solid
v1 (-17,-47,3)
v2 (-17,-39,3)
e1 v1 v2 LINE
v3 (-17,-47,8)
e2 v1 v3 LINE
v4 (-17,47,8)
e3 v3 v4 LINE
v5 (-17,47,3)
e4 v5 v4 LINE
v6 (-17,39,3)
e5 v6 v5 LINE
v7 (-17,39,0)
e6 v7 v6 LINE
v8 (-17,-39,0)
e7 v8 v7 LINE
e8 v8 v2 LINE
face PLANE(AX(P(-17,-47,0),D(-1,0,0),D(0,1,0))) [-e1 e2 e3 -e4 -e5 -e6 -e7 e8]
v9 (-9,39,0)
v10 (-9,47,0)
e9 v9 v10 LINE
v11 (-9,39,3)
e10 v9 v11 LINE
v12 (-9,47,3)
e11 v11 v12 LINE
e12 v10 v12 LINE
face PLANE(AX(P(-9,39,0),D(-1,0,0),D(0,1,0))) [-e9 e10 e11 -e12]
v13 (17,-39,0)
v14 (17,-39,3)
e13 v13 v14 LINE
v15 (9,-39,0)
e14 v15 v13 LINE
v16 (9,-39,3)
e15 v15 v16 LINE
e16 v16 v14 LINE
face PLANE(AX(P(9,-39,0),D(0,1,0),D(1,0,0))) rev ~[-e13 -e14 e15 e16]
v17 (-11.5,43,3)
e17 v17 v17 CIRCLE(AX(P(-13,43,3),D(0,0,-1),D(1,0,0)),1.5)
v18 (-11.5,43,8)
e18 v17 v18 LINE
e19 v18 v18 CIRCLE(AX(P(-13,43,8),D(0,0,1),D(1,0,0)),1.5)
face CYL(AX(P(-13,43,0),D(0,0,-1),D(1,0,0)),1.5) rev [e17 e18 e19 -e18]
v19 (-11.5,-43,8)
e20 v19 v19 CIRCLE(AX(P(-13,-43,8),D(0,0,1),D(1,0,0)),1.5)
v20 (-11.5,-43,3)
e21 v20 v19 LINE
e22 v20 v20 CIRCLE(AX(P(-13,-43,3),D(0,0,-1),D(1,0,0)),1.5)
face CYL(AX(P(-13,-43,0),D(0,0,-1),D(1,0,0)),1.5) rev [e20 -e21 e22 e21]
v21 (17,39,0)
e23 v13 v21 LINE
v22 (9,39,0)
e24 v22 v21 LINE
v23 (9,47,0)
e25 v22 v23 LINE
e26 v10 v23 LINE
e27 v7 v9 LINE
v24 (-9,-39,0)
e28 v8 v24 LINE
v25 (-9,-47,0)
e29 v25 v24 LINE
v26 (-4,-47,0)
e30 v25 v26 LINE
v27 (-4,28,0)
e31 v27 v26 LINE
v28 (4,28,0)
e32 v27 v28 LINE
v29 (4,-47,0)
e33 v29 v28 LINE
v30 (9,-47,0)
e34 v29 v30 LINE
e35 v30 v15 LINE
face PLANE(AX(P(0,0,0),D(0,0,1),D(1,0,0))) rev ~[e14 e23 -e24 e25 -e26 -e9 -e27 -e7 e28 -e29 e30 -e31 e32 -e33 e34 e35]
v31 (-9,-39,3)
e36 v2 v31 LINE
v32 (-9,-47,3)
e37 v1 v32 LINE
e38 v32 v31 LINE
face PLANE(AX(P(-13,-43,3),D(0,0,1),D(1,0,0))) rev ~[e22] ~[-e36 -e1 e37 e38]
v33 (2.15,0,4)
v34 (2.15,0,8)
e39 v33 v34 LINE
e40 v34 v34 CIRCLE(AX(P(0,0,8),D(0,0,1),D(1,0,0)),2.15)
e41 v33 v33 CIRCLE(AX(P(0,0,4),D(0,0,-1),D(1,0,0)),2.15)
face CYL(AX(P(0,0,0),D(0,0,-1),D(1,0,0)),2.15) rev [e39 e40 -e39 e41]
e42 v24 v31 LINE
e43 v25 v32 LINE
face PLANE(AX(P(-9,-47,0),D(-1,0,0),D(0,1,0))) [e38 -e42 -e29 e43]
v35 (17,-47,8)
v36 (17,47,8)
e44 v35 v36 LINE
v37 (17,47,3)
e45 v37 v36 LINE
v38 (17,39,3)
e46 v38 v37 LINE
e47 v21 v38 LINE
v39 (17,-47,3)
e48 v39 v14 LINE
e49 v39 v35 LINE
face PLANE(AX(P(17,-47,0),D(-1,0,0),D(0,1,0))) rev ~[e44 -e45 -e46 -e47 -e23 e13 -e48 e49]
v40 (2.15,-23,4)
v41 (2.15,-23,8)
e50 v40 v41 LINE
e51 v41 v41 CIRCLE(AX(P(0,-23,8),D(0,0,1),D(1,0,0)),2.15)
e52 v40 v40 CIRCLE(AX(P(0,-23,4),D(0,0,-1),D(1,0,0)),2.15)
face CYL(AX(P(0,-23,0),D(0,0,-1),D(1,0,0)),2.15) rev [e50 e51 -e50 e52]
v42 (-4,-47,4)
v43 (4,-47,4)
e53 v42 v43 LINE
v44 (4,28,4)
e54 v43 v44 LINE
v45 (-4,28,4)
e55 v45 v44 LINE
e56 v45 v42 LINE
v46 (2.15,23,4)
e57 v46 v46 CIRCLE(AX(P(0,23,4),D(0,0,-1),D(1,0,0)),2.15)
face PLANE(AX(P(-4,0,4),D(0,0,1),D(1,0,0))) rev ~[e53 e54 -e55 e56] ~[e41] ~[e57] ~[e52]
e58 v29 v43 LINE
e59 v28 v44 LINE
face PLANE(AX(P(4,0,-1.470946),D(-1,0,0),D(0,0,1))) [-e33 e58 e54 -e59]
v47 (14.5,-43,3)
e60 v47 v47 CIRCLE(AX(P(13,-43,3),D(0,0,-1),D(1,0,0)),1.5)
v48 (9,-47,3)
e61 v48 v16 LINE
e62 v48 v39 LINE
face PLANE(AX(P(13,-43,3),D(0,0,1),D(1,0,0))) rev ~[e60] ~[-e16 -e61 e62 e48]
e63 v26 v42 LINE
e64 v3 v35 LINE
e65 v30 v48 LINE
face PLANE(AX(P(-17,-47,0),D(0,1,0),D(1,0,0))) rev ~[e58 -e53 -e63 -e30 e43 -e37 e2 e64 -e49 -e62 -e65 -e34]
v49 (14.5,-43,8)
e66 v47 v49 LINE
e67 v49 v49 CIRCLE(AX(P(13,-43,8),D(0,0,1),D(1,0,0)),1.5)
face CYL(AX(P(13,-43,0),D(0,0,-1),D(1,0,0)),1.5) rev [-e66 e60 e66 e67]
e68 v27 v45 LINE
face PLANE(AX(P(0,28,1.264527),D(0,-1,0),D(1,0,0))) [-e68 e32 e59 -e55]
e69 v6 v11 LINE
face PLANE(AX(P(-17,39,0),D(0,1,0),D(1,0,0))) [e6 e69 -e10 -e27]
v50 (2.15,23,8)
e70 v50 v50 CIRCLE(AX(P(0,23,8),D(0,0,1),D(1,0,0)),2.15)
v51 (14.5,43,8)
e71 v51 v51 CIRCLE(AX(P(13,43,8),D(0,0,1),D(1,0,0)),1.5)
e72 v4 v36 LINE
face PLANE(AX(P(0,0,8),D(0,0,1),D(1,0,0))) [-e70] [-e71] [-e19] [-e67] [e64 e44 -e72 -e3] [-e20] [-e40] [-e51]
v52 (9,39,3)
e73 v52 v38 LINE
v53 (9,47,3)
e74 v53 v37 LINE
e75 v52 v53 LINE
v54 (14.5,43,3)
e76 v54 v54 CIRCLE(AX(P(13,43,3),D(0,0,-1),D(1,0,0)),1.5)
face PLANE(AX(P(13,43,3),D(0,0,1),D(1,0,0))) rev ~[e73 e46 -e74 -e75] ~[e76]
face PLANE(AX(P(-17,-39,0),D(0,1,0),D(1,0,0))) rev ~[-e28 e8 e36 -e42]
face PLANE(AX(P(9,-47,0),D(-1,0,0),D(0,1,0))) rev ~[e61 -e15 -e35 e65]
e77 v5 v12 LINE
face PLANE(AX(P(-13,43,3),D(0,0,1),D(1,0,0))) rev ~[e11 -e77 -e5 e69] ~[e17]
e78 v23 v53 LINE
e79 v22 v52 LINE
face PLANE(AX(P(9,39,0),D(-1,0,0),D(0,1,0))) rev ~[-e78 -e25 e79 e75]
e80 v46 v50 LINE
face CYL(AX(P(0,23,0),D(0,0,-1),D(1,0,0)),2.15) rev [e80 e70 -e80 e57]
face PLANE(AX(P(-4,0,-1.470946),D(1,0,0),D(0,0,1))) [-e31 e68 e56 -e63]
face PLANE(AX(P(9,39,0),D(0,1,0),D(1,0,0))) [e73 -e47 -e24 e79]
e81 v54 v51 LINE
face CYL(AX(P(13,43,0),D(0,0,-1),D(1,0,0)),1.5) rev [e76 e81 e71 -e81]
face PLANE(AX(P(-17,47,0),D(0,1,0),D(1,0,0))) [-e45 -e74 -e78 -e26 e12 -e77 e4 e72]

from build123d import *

# Parameters (mm, degrees)
F0_W          = 34
F0_H          = 94
F0_R          = 1.5
F0_R_2        = 2.15
F1_DEPTH      = 8
F2_W          = 8
F2_H          = 8
F3_DEPTH      = 3
F4_W          = 8
F4_H          = 5.470946
F5_DEPTH      = 100
F5_DEPTH_BACK = 28


with BuildPart() as f1:
    # F0 (on Top) → F1 (new body)
    with BuildSketch(Plane.XY):
        Rectangle(F0_W, F0_H)
        with Locations((-13, -43)):
            Circle(F0_R, mode=Mode.SUBTRACT)
        with Locations((13, -43)):
            Circle(F0_R, mode=Mode.SUBTRACT)
        with Locations((0, -23)):
            Circle(F0_R_2, mode=Mode.SUBTRACT)
        with Locations((-13, 43)):
            Circle(F0_R, mode=Mode.SUBTRACT)
        Circle(F0_R_2, mode=Mode.SUBTRACT)
        with Locations((0, 23)):
            Circle(F0_R_2, mode=Mode.SUBTRACT)
        with Locations((13, 43)):
            Circle(F0_R, mode=Mode.SUBTRACT)
    extrude(amount=F1_DEPTH)

    # F2 (on Top) → F3 (cut)
    with BuildSketch(Plane.XY):
        with Locations((-13, 43)):
            Rectangle(F2_W, F2_H)
        with Locations((13, 43)):
            Rectangle(F2_W, F2_H)
        with Locations((-13, -43)):
            Rectangle(F2_W, F2_H)
        with Locations((13, -43)):
            Rectangle(F2_W, F2_H)
    extrude(amount=F3_DEPTH, mode=Mode.SUBTRACT)

    # F4 (on Front) → F5 (cut, two sides)
    with BuildSketch(Plane.XZ) as f5_sk:
        with Locations((0, 1.264527)):
            Rectangle(F4_W, F4_H)
    extrude(amount=F5_DEPTH, mode=Mode.SUBTRACT)
    extrude(f5_sk.sketch, amount=-F5_DEPTH_BACK, mode=Mode.SUBTRACT)


solid = f1.part
